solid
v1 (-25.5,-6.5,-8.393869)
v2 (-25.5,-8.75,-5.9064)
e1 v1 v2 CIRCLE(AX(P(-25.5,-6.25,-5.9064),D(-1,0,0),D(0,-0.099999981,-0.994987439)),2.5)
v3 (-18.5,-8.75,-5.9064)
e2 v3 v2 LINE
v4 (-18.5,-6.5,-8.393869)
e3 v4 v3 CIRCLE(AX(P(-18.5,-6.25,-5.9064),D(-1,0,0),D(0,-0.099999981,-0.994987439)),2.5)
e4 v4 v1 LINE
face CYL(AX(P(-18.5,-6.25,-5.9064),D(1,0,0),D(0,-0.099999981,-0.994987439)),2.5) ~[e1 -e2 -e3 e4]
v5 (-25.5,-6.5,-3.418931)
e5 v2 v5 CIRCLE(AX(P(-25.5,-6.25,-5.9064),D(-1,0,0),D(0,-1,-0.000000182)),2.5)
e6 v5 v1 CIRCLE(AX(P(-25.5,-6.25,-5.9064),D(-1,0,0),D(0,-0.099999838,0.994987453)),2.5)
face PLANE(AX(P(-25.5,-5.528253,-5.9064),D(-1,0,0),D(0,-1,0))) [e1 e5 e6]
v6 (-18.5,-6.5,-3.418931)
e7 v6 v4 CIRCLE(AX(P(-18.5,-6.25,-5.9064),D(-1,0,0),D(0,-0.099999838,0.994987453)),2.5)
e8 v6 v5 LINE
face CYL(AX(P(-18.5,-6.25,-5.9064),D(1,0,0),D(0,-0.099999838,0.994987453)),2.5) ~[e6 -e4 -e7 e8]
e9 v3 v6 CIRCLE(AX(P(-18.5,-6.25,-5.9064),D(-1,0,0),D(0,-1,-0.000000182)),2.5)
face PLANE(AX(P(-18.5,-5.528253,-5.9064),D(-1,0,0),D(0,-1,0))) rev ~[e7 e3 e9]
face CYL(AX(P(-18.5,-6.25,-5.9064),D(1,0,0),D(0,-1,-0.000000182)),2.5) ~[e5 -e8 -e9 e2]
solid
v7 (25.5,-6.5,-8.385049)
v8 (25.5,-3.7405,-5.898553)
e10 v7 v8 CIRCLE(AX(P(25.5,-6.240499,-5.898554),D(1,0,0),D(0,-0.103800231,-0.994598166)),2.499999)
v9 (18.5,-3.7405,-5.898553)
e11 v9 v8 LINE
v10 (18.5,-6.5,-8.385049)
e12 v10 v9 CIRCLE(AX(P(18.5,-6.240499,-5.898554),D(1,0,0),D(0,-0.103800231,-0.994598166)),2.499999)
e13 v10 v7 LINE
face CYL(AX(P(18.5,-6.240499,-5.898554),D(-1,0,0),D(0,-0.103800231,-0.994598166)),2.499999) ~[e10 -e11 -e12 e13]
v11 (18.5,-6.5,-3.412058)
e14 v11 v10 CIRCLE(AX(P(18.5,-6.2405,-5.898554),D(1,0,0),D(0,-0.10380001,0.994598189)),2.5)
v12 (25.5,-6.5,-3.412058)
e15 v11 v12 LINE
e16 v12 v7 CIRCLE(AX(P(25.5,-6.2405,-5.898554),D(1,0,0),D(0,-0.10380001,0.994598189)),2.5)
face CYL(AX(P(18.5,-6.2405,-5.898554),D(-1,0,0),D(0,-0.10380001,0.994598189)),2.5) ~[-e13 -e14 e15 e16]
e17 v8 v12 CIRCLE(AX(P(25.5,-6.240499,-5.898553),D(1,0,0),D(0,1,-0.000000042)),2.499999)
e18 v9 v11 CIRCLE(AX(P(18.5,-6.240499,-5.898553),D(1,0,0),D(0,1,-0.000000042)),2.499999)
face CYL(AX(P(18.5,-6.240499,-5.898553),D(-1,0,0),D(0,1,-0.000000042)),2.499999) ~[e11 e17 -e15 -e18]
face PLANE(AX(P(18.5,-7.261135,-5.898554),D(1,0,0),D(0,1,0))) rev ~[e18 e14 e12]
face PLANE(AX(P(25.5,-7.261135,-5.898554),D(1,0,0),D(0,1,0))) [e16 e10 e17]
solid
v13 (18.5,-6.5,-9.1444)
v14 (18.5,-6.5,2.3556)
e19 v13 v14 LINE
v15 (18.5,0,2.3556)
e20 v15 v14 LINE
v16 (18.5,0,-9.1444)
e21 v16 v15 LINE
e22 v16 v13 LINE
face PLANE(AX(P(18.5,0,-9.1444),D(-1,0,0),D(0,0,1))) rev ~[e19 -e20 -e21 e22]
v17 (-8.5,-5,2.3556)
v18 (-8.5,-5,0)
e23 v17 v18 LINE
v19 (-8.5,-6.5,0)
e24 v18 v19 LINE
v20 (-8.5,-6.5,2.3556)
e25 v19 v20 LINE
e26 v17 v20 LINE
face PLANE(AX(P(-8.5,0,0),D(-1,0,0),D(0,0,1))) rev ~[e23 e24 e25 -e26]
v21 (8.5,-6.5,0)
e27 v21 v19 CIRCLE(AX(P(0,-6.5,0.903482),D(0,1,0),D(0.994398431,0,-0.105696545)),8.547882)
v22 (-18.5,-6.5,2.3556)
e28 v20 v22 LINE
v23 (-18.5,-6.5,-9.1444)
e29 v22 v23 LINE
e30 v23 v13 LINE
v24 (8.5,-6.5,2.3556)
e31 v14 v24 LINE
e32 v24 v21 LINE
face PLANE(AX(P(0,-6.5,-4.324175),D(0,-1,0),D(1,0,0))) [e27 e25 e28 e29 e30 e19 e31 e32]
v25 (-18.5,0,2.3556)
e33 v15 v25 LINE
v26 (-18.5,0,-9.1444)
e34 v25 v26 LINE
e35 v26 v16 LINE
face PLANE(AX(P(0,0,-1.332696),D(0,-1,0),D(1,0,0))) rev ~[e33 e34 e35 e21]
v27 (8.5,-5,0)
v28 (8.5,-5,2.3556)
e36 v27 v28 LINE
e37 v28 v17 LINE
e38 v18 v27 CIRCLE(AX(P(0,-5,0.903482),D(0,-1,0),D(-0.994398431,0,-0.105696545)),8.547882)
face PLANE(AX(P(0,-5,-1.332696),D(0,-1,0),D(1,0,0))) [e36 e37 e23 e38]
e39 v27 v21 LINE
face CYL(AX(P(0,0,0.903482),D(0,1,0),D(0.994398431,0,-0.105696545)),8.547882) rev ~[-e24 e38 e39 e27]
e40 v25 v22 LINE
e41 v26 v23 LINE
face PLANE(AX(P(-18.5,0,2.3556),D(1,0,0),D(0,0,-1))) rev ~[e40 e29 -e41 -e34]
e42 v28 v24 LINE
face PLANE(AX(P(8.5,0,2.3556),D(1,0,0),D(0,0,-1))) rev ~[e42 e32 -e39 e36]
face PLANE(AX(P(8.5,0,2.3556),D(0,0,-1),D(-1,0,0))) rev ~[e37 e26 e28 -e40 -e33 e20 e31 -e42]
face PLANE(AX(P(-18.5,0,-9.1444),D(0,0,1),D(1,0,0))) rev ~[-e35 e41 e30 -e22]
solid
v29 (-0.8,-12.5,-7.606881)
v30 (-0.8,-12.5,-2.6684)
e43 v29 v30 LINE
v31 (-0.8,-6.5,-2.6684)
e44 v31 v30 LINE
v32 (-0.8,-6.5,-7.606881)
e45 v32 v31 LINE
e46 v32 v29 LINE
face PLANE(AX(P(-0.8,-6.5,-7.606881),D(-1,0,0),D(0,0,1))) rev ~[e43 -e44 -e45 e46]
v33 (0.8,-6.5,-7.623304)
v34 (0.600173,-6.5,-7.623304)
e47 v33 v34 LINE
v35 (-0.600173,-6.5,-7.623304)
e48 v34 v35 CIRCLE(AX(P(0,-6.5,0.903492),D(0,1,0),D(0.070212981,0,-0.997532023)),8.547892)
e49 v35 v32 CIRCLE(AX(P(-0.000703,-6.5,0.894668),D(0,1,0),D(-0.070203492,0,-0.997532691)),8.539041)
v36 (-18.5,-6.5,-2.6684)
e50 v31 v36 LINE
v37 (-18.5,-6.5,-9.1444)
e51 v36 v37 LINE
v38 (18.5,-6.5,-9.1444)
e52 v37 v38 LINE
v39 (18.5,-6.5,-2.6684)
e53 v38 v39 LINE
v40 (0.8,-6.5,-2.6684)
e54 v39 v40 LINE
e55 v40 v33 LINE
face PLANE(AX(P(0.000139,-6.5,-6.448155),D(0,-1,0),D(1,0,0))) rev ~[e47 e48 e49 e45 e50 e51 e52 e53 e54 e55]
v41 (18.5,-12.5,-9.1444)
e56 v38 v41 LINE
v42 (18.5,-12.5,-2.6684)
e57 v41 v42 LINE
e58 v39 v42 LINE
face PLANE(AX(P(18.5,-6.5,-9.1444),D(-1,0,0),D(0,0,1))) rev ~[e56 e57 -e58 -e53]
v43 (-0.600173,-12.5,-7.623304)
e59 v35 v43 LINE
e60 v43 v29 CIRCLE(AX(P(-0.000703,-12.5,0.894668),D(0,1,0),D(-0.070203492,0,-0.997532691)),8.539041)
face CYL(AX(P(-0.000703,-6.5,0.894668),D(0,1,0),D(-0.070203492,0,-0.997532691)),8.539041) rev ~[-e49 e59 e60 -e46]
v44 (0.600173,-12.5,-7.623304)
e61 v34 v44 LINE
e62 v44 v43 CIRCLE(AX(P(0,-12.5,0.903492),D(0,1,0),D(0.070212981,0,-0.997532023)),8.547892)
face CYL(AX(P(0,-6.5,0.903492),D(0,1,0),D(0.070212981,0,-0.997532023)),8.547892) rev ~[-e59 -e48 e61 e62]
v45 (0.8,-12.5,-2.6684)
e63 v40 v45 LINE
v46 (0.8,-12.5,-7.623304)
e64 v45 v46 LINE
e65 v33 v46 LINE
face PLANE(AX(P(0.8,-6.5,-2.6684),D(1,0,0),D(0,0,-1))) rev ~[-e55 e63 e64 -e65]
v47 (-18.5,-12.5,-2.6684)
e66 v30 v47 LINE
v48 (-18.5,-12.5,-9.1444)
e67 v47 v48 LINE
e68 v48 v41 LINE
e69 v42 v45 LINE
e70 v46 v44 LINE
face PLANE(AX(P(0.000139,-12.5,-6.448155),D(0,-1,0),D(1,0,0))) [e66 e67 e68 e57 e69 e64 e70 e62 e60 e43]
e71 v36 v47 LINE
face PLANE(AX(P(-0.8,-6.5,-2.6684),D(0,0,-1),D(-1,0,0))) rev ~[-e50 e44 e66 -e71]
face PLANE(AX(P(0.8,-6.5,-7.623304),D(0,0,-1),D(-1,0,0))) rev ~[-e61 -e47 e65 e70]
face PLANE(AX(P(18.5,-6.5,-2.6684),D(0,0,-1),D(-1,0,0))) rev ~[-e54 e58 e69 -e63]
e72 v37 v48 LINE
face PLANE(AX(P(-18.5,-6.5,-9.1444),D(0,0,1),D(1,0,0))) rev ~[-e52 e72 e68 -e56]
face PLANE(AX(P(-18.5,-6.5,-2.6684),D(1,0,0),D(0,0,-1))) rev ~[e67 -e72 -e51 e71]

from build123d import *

# Parameters (mm, degrees)
F1_DEPTH = 5
F2_DEPTH = 6.5
F4_DEPTH = 6
F6_DEPTH = 7
F8_DEPTH = 7


with BuildPart() as f1:
    # F0 (on Front) → F1 (new body)
    with BuildSketch(Plane.XZ):
        with BuildLine():
            Line((-8.5, 2.3556), (-8.5, 0))
            ThreePointArc((-8.5, 0), (0, -7.6444), (8.5, 0))
            Line((8.5, 0), (8.5, 2.3556))
            Line((8.5, 2.3556), (-8.5, 2.3556))
        make_face()
    extrude(amount=F1_DEPTH)

    # F0 (on Front) → F2 (join)
    with BuildSketch(Plane.XZ):
        with BuildLine():
            ThreePointArc((8.5, 0), (0, -7.6444), (-8.5, 0))
            Line((-8.5, 0), (-8.5, 2.3556))
            Line((-8.5, 2.3556), (-18.5, 2.3556))
            Line((-18.5, 2.3556), (-18.5, -9.1444))
            Line((-18.5, -9.1444), (18.5, -9.1444))
            Line((18.5, -9.1444), (18.5, 2.3556))
            Line((18.5, 2.3556), (8.5, 2.3556))
            Line((8.5, 2.3556), (8.5, 0))
        make_face()
    extrude(amount=F2_DEPTH)


with BuildPart() as f4:
    # F3 (on face) → F4 (new body)
    with BuildSketch(Plane.XZ.offset(6.5)):
        with BuildLine():
            Line((-7.765819, -2.6684), (-18.5, -2.6684))
            Line((-18.5, -2.6684), (-18.5, -9.1444))
            Line((-18.5, -9.1444), (18.5, -9.1444))
            Line((18.5, -9.1444), (18.5, -2.6684))
            Line((18.5, -2.6684), (7.765819, -2.6684))
            ThreePointArc((7.765819, -2.6684), (4.94373, -6.06974), (0.8, -7.606881))
            Line((0.8, -7.606881), (0.8, -7.623304))
            Line((0.8, -7.623304), (0.600173, -7.623304))
            ThreePointArc((0.600173, -7.623304), (0, -7.6444), (-0.600173, -7.623304))
            ThreePointArc((-0.600173, -7.623304), (-0.700135, -7.615679), (-0.8, -7.606881))
            ThreePointArc((-0.8, -7.606881), (-4.94373, -6.06974), (-7.765819, -2.6684))
        make_face()
        with BuildLine():
            Line((-0.8, -2.6684), (-7.765819, -2.6684))
            ThreePointArc((-7.765819, -2.6684), (-4.94373, -6.06974), (-0.8, -7.606881))
            Line((-0.8, -7.606881), (-0.8, -2.6684))
        make_face()
        with BuildLine():
            ThreePointArc((0.8, -7.606881), (4.94373, -6.06974), (7.765819, -2.6684))
            Line((7.765819, -2.6684), (0.8, -2.6684))
            Line((0.8, -2.6684), (0.8, -7.606881))
        make_face()
    extrude(amount=F4_DEPTH)


with BuildPart() as f6:
    # F5 (on face) → F6 (new body)
    with BuildSketch(Plane.YZ.offset(18.5)):
        with BuildLine():
            Line((-6.5, -8.385049), (-6.5, -3.412058))
            ThreePointArc((-6.5, -3.412058), (-8.7405, -5.898553), (-6.5, -8.385049))
        make_face()
        with BuildLine():
            ThreePointArc((-6.5, -8.385049), (-4.566993, -7.755803), (-3.7405, -5.898553))
            ThreePointArc((-3.7405, -5.898553), (-4.566993, -4.041304), (-6.5, -3.412058))
            Line((-6.5, -3.412058), (-6.5, -8.385049))
        make_face()
    extrude(amount=F6_DEPTH)


with BuildPart() as f8:
    # F7 (on face) → F8 (new body)
    with BuildSketch(Plane(origin=(-18.5, 0, 0), x_dir=(0, -1, 0), z_dir=(-1, 0, 0))):
        with BuildLine():
            Line((6.5, -8.393869), (6.5, -3.418931))
            ThreePointArc((6.5, -3.418931), (3.75, -5.9064), (6.5, -8.393869))
        make_face()
        with BuildLine():
            ThreePointArc((6.5, -8.393869), (8.10405, -7.583451), (8.75, -5.9064))
            ThreePointArc((8.75, -5.9064), (8.10405, -4.229349), (6.5, -3.418931))
            Line((6.5, -3.418931), (6.5, -8.393869))
        make_face()
    extrude(amount=F8_DEPTH)


solid = Compound([f1.part, f4.part, f6.part, f8.part])
